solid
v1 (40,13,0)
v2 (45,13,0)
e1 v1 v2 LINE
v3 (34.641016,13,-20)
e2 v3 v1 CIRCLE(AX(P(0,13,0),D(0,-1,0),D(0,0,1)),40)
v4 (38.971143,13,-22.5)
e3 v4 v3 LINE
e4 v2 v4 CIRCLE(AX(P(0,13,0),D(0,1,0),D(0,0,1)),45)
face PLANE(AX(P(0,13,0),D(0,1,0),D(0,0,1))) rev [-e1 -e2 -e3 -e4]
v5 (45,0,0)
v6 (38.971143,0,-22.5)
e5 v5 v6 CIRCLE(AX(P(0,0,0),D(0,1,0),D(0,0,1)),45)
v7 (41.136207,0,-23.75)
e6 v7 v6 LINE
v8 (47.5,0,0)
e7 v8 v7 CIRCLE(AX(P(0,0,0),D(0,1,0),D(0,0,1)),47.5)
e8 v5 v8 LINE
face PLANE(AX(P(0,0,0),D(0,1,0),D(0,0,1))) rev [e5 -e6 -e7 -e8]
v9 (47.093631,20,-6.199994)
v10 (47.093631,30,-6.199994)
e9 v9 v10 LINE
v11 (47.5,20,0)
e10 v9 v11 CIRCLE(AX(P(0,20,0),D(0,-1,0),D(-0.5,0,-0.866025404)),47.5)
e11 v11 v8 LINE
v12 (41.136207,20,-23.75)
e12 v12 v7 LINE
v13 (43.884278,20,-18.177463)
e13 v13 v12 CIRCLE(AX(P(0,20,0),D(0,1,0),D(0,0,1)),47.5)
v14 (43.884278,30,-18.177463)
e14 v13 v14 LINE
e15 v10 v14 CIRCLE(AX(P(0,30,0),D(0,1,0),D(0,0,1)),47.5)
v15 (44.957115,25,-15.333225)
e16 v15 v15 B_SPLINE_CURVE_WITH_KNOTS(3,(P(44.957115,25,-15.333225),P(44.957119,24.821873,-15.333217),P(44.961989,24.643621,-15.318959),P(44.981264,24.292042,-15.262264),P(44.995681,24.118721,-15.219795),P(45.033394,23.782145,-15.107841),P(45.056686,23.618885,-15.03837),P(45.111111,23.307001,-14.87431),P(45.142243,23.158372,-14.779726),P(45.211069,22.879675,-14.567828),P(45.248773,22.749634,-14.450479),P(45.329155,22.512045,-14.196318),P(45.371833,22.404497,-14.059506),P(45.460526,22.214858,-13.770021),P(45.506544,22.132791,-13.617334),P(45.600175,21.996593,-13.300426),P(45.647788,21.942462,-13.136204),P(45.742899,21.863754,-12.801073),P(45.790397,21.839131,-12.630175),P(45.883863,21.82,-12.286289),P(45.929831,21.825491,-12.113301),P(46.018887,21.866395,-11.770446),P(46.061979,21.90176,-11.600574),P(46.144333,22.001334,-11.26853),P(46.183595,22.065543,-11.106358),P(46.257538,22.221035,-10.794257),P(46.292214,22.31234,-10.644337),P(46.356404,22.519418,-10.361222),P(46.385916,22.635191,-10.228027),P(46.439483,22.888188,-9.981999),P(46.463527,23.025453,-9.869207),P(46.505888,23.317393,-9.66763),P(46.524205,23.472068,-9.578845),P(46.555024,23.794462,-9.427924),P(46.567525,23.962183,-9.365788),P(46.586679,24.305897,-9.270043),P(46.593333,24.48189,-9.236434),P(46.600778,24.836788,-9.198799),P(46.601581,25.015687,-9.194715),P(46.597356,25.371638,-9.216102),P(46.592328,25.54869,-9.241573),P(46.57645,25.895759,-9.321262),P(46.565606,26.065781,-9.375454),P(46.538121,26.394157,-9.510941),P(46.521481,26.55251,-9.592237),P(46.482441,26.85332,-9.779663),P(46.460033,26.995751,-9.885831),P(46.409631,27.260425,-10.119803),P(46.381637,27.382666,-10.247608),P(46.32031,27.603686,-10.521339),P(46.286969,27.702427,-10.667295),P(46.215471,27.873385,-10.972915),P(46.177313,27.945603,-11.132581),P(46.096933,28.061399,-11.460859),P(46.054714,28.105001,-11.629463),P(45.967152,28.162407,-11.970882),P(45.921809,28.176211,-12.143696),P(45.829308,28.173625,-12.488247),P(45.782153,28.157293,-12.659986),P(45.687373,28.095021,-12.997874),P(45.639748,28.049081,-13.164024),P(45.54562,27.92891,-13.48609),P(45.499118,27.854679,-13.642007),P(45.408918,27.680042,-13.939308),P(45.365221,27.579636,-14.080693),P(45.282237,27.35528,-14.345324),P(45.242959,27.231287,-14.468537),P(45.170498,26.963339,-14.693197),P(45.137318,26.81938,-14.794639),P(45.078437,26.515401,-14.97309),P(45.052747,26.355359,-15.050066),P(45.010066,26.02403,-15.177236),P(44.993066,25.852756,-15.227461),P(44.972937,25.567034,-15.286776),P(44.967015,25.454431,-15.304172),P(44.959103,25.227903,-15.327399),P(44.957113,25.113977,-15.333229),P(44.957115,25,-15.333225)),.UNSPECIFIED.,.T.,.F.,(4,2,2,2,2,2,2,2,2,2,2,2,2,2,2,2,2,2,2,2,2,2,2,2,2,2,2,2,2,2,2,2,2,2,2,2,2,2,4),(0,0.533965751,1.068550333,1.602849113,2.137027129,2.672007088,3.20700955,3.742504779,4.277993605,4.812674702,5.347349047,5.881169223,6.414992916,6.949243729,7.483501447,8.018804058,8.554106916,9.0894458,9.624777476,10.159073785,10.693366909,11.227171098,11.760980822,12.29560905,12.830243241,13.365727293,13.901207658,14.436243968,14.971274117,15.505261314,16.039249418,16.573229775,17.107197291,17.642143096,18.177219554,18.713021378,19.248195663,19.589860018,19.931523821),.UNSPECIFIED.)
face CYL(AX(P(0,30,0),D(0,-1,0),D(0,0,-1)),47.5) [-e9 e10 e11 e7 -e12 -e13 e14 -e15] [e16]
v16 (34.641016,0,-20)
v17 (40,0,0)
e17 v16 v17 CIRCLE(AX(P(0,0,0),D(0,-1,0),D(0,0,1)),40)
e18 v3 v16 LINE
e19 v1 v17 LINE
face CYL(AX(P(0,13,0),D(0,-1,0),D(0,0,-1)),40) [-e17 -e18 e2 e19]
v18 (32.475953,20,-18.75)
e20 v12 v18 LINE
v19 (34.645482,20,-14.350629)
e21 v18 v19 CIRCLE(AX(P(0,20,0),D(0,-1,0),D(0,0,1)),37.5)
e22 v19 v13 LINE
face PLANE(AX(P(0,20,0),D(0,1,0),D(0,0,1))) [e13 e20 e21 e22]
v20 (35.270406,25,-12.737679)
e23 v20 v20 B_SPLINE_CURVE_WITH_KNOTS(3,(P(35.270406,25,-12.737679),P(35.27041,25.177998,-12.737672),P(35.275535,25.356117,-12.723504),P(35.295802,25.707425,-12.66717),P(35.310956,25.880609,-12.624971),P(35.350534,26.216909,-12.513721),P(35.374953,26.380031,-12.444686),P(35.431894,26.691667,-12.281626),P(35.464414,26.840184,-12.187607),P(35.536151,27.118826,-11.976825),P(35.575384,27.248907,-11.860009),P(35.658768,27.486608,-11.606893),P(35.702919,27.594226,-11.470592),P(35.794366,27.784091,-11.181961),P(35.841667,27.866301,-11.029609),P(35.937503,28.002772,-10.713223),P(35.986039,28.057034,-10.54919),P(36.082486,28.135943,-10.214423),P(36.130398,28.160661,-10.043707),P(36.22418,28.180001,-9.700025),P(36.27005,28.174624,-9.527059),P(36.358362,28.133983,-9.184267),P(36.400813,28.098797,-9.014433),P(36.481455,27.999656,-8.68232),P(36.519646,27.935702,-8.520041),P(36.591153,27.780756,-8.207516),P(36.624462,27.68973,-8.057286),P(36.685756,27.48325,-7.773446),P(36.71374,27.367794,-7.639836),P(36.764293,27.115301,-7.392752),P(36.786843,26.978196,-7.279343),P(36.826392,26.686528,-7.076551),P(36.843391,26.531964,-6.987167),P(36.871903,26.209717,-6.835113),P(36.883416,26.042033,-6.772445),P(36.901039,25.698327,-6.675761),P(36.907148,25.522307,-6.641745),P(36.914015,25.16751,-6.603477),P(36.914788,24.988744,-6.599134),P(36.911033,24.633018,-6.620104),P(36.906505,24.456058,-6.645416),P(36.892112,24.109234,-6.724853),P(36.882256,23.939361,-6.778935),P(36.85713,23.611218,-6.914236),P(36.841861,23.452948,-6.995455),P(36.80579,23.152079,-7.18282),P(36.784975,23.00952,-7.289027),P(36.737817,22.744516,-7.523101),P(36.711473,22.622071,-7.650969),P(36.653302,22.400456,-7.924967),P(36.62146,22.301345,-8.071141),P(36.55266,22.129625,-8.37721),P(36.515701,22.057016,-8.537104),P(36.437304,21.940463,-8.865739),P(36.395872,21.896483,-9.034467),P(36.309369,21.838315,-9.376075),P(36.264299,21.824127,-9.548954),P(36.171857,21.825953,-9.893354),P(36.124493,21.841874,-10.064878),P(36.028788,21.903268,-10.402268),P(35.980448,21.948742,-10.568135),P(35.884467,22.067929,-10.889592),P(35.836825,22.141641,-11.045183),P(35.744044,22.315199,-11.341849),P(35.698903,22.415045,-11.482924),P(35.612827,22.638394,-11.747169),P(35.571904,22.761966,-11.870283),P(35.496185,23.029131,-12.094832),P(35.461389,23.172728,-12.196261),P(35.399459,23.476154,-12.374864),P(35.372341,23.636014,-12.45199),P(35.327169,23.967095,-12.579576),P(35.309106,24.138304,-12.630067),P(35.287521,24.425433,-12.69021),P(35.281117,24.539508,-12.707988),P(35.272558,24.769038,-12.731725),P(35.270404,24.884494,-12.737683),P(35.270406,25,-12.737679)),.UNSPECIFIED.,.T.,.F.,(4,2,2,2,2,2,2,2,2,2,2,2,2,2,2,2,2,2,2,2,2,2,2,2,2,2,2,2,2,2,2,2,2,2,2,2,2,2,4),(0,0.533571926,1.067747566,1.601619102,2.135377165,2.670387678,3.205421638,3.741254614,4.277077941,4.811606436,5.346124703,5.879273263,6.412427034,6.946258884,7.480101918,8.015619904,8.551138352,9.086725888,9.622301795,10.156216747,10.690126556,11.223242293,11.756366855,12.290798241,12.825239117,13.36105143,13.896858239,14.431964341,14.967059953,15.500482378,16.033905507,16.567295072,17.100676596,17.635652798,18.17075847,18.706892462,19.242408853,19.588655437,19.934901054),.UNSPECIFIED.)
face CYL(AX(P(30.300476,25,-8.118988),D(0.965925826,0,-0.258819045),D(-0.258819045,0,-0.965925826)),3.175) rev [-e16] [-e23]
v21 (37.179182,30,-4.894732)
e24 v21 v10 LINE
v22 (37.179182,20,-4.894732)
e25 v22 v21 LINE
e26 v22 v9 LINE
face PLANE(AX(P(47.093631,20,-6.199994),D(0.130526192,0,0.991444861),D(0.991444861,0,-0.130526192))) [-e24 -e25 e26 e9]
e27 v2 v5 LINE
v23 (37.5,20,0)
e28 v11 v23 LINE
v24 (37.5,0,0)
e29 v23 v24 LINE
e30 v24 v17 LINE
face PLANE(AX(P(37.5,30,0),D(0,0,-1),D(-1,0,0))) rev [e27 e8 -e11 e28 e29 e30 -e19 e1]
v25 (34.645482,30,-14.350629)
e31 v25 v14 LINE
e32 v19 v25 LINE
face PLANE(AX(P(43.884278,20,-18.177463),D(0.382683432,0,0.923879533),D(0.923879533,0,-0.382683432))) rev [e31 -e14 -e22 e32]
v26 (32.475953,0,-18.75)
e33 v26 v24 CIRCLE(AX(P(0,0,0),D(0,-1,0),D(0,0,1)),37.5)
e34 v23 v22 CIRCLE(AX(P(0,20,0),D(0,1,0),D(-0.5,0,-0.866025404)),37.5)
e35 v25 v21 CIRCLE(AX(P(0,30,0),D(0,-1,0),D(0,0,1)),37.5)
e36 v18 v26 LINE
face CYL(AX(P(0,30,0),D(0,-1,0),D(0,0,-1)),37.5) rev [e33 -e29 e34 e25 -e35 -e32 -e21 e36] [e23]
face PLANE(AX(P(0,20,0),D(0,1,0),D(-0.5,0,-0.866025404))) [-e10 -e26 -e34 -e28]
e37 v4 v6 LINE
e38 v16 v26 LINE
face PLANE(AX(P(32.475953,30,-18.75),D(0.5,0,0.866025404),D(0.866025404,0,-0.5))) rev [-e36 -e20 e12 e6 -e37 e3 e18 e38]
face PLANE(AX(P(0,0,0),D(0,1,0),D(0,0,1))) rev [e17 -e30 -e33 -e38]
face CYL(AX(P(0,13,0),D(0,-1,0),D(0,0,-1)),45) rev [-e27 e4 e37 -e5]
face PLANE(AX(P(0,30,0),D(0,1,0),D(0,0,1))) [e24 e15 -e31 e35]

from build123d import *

# Parameters (mm, degrees)
BOSS_EXTRUDE1_DEPTH = 30
CUT_EXTRUDE1_DEPTH  = 13
CUT_EXTRUDE2_START  = -10
CUT_EXTRUDE2_DEPTH  = 10
SKETCH6_R           = 3.175
CUT_EXTRUDE3_DEPTH  = 36.083445782


with BuildPart() as part:
    # Sketch3 → Boss-Extrude1 (new body)
    with BuildSketch(Plane(origin=(0, 0, 0), x_dir=(1, 0, 0), z_dir=(0, 1, 0))):
        with BuildLine():
            Line((37.5, 0), (47.5, 0))
            ThreePointArc((47.5, 0), (45.881476749, 12.293904642), (41.13620668, 23.75))
            Line((41.13620668, 23.75), (32.475952642, 18.75))
            ThreePointArc((32.475952642, 18.75), (36.222218486, 9.705714191), (37.5, 0))
        make_face()
    extrude(amount=BOSS_EXTRUDE1_DEPTH)

    # Sketch4 → Cut-Extrude1 (cut)
    with BuildSketch(Plane(origin=(0, 0, 0), x_dir=(1, 0, 0), z_dir=(0, 1, 0))):
        with BuildLine():
            Line((34.641016151, 20), (38.97114317, 22.5))
            ThreePointArc((38.97114317, 22.5), (43.466662183, 11.64685703), (45, 0))
            Line((45, 0), (40, 0))
            ThreePointArc((40, 0), (38.637033052, 10.352761804), (34.641016151, 20))
        make_face()
    extrude(amount=CUT_EXTRUDE1_DEPTH, mode=Mode.SUBTRACT)

    # Sketch5 → Cut-Extrude2 (cut)
    with BuildSketch(Plane(origin=(0, 30, 0), x_dir=(1, 0, 0), z_dir=(0, 1, 0)).offset(CUT_EXTRUDE2_START)):
        with BuildLine():
            Line((41.13620668, 23.75), (32.475952642, 18.75))
            ThreePointArc((32.475952642, 18.75), (33.632727807, 16.585825883), (34.645482469, 14.350628714))
            Line((34.645482469, 14.350628714), (43.884277794, 18.177463037))
            ThreePointArc((43.884277794, 18.177463037), (42.601455223, 21.008712785), (41.13620668, 23.75))
        make_face()
    cut_extrude2 = extrude(amount=CUT_EXTRUDE2_DEPTH, mode=Mode.SUBTRACT)

    # Mirror1: Cut-Extrude2 across plane
    add(cut_extrude2.mirror(Plane(origin=(0, 0, 0), x_dir=(0.9659258262890681, 0, -0.25881904510252135), z_dir=(0.25881904510252135, 0, 0.9659258262890681))), mode=Mode.SUBTRACT)

    # Sketch6 → Cut-Extrude3 (cut, through all)
    with BuildSketch(Plane(origin=(45.881476749, 0, -12.293904642), x_dir=(-0.25881904510252135, 0, -0.9659258262890682), z_dir=(0.9659258262890681, 0, -0.2588190451025213))):
        with Locations((0, 25)):
            Circle(SKETCH6_R)
    extrude(amount=-CUT_EXTRUDE3_DEPTH, mode=Mode.SUBTRACT)


solid = part.part
